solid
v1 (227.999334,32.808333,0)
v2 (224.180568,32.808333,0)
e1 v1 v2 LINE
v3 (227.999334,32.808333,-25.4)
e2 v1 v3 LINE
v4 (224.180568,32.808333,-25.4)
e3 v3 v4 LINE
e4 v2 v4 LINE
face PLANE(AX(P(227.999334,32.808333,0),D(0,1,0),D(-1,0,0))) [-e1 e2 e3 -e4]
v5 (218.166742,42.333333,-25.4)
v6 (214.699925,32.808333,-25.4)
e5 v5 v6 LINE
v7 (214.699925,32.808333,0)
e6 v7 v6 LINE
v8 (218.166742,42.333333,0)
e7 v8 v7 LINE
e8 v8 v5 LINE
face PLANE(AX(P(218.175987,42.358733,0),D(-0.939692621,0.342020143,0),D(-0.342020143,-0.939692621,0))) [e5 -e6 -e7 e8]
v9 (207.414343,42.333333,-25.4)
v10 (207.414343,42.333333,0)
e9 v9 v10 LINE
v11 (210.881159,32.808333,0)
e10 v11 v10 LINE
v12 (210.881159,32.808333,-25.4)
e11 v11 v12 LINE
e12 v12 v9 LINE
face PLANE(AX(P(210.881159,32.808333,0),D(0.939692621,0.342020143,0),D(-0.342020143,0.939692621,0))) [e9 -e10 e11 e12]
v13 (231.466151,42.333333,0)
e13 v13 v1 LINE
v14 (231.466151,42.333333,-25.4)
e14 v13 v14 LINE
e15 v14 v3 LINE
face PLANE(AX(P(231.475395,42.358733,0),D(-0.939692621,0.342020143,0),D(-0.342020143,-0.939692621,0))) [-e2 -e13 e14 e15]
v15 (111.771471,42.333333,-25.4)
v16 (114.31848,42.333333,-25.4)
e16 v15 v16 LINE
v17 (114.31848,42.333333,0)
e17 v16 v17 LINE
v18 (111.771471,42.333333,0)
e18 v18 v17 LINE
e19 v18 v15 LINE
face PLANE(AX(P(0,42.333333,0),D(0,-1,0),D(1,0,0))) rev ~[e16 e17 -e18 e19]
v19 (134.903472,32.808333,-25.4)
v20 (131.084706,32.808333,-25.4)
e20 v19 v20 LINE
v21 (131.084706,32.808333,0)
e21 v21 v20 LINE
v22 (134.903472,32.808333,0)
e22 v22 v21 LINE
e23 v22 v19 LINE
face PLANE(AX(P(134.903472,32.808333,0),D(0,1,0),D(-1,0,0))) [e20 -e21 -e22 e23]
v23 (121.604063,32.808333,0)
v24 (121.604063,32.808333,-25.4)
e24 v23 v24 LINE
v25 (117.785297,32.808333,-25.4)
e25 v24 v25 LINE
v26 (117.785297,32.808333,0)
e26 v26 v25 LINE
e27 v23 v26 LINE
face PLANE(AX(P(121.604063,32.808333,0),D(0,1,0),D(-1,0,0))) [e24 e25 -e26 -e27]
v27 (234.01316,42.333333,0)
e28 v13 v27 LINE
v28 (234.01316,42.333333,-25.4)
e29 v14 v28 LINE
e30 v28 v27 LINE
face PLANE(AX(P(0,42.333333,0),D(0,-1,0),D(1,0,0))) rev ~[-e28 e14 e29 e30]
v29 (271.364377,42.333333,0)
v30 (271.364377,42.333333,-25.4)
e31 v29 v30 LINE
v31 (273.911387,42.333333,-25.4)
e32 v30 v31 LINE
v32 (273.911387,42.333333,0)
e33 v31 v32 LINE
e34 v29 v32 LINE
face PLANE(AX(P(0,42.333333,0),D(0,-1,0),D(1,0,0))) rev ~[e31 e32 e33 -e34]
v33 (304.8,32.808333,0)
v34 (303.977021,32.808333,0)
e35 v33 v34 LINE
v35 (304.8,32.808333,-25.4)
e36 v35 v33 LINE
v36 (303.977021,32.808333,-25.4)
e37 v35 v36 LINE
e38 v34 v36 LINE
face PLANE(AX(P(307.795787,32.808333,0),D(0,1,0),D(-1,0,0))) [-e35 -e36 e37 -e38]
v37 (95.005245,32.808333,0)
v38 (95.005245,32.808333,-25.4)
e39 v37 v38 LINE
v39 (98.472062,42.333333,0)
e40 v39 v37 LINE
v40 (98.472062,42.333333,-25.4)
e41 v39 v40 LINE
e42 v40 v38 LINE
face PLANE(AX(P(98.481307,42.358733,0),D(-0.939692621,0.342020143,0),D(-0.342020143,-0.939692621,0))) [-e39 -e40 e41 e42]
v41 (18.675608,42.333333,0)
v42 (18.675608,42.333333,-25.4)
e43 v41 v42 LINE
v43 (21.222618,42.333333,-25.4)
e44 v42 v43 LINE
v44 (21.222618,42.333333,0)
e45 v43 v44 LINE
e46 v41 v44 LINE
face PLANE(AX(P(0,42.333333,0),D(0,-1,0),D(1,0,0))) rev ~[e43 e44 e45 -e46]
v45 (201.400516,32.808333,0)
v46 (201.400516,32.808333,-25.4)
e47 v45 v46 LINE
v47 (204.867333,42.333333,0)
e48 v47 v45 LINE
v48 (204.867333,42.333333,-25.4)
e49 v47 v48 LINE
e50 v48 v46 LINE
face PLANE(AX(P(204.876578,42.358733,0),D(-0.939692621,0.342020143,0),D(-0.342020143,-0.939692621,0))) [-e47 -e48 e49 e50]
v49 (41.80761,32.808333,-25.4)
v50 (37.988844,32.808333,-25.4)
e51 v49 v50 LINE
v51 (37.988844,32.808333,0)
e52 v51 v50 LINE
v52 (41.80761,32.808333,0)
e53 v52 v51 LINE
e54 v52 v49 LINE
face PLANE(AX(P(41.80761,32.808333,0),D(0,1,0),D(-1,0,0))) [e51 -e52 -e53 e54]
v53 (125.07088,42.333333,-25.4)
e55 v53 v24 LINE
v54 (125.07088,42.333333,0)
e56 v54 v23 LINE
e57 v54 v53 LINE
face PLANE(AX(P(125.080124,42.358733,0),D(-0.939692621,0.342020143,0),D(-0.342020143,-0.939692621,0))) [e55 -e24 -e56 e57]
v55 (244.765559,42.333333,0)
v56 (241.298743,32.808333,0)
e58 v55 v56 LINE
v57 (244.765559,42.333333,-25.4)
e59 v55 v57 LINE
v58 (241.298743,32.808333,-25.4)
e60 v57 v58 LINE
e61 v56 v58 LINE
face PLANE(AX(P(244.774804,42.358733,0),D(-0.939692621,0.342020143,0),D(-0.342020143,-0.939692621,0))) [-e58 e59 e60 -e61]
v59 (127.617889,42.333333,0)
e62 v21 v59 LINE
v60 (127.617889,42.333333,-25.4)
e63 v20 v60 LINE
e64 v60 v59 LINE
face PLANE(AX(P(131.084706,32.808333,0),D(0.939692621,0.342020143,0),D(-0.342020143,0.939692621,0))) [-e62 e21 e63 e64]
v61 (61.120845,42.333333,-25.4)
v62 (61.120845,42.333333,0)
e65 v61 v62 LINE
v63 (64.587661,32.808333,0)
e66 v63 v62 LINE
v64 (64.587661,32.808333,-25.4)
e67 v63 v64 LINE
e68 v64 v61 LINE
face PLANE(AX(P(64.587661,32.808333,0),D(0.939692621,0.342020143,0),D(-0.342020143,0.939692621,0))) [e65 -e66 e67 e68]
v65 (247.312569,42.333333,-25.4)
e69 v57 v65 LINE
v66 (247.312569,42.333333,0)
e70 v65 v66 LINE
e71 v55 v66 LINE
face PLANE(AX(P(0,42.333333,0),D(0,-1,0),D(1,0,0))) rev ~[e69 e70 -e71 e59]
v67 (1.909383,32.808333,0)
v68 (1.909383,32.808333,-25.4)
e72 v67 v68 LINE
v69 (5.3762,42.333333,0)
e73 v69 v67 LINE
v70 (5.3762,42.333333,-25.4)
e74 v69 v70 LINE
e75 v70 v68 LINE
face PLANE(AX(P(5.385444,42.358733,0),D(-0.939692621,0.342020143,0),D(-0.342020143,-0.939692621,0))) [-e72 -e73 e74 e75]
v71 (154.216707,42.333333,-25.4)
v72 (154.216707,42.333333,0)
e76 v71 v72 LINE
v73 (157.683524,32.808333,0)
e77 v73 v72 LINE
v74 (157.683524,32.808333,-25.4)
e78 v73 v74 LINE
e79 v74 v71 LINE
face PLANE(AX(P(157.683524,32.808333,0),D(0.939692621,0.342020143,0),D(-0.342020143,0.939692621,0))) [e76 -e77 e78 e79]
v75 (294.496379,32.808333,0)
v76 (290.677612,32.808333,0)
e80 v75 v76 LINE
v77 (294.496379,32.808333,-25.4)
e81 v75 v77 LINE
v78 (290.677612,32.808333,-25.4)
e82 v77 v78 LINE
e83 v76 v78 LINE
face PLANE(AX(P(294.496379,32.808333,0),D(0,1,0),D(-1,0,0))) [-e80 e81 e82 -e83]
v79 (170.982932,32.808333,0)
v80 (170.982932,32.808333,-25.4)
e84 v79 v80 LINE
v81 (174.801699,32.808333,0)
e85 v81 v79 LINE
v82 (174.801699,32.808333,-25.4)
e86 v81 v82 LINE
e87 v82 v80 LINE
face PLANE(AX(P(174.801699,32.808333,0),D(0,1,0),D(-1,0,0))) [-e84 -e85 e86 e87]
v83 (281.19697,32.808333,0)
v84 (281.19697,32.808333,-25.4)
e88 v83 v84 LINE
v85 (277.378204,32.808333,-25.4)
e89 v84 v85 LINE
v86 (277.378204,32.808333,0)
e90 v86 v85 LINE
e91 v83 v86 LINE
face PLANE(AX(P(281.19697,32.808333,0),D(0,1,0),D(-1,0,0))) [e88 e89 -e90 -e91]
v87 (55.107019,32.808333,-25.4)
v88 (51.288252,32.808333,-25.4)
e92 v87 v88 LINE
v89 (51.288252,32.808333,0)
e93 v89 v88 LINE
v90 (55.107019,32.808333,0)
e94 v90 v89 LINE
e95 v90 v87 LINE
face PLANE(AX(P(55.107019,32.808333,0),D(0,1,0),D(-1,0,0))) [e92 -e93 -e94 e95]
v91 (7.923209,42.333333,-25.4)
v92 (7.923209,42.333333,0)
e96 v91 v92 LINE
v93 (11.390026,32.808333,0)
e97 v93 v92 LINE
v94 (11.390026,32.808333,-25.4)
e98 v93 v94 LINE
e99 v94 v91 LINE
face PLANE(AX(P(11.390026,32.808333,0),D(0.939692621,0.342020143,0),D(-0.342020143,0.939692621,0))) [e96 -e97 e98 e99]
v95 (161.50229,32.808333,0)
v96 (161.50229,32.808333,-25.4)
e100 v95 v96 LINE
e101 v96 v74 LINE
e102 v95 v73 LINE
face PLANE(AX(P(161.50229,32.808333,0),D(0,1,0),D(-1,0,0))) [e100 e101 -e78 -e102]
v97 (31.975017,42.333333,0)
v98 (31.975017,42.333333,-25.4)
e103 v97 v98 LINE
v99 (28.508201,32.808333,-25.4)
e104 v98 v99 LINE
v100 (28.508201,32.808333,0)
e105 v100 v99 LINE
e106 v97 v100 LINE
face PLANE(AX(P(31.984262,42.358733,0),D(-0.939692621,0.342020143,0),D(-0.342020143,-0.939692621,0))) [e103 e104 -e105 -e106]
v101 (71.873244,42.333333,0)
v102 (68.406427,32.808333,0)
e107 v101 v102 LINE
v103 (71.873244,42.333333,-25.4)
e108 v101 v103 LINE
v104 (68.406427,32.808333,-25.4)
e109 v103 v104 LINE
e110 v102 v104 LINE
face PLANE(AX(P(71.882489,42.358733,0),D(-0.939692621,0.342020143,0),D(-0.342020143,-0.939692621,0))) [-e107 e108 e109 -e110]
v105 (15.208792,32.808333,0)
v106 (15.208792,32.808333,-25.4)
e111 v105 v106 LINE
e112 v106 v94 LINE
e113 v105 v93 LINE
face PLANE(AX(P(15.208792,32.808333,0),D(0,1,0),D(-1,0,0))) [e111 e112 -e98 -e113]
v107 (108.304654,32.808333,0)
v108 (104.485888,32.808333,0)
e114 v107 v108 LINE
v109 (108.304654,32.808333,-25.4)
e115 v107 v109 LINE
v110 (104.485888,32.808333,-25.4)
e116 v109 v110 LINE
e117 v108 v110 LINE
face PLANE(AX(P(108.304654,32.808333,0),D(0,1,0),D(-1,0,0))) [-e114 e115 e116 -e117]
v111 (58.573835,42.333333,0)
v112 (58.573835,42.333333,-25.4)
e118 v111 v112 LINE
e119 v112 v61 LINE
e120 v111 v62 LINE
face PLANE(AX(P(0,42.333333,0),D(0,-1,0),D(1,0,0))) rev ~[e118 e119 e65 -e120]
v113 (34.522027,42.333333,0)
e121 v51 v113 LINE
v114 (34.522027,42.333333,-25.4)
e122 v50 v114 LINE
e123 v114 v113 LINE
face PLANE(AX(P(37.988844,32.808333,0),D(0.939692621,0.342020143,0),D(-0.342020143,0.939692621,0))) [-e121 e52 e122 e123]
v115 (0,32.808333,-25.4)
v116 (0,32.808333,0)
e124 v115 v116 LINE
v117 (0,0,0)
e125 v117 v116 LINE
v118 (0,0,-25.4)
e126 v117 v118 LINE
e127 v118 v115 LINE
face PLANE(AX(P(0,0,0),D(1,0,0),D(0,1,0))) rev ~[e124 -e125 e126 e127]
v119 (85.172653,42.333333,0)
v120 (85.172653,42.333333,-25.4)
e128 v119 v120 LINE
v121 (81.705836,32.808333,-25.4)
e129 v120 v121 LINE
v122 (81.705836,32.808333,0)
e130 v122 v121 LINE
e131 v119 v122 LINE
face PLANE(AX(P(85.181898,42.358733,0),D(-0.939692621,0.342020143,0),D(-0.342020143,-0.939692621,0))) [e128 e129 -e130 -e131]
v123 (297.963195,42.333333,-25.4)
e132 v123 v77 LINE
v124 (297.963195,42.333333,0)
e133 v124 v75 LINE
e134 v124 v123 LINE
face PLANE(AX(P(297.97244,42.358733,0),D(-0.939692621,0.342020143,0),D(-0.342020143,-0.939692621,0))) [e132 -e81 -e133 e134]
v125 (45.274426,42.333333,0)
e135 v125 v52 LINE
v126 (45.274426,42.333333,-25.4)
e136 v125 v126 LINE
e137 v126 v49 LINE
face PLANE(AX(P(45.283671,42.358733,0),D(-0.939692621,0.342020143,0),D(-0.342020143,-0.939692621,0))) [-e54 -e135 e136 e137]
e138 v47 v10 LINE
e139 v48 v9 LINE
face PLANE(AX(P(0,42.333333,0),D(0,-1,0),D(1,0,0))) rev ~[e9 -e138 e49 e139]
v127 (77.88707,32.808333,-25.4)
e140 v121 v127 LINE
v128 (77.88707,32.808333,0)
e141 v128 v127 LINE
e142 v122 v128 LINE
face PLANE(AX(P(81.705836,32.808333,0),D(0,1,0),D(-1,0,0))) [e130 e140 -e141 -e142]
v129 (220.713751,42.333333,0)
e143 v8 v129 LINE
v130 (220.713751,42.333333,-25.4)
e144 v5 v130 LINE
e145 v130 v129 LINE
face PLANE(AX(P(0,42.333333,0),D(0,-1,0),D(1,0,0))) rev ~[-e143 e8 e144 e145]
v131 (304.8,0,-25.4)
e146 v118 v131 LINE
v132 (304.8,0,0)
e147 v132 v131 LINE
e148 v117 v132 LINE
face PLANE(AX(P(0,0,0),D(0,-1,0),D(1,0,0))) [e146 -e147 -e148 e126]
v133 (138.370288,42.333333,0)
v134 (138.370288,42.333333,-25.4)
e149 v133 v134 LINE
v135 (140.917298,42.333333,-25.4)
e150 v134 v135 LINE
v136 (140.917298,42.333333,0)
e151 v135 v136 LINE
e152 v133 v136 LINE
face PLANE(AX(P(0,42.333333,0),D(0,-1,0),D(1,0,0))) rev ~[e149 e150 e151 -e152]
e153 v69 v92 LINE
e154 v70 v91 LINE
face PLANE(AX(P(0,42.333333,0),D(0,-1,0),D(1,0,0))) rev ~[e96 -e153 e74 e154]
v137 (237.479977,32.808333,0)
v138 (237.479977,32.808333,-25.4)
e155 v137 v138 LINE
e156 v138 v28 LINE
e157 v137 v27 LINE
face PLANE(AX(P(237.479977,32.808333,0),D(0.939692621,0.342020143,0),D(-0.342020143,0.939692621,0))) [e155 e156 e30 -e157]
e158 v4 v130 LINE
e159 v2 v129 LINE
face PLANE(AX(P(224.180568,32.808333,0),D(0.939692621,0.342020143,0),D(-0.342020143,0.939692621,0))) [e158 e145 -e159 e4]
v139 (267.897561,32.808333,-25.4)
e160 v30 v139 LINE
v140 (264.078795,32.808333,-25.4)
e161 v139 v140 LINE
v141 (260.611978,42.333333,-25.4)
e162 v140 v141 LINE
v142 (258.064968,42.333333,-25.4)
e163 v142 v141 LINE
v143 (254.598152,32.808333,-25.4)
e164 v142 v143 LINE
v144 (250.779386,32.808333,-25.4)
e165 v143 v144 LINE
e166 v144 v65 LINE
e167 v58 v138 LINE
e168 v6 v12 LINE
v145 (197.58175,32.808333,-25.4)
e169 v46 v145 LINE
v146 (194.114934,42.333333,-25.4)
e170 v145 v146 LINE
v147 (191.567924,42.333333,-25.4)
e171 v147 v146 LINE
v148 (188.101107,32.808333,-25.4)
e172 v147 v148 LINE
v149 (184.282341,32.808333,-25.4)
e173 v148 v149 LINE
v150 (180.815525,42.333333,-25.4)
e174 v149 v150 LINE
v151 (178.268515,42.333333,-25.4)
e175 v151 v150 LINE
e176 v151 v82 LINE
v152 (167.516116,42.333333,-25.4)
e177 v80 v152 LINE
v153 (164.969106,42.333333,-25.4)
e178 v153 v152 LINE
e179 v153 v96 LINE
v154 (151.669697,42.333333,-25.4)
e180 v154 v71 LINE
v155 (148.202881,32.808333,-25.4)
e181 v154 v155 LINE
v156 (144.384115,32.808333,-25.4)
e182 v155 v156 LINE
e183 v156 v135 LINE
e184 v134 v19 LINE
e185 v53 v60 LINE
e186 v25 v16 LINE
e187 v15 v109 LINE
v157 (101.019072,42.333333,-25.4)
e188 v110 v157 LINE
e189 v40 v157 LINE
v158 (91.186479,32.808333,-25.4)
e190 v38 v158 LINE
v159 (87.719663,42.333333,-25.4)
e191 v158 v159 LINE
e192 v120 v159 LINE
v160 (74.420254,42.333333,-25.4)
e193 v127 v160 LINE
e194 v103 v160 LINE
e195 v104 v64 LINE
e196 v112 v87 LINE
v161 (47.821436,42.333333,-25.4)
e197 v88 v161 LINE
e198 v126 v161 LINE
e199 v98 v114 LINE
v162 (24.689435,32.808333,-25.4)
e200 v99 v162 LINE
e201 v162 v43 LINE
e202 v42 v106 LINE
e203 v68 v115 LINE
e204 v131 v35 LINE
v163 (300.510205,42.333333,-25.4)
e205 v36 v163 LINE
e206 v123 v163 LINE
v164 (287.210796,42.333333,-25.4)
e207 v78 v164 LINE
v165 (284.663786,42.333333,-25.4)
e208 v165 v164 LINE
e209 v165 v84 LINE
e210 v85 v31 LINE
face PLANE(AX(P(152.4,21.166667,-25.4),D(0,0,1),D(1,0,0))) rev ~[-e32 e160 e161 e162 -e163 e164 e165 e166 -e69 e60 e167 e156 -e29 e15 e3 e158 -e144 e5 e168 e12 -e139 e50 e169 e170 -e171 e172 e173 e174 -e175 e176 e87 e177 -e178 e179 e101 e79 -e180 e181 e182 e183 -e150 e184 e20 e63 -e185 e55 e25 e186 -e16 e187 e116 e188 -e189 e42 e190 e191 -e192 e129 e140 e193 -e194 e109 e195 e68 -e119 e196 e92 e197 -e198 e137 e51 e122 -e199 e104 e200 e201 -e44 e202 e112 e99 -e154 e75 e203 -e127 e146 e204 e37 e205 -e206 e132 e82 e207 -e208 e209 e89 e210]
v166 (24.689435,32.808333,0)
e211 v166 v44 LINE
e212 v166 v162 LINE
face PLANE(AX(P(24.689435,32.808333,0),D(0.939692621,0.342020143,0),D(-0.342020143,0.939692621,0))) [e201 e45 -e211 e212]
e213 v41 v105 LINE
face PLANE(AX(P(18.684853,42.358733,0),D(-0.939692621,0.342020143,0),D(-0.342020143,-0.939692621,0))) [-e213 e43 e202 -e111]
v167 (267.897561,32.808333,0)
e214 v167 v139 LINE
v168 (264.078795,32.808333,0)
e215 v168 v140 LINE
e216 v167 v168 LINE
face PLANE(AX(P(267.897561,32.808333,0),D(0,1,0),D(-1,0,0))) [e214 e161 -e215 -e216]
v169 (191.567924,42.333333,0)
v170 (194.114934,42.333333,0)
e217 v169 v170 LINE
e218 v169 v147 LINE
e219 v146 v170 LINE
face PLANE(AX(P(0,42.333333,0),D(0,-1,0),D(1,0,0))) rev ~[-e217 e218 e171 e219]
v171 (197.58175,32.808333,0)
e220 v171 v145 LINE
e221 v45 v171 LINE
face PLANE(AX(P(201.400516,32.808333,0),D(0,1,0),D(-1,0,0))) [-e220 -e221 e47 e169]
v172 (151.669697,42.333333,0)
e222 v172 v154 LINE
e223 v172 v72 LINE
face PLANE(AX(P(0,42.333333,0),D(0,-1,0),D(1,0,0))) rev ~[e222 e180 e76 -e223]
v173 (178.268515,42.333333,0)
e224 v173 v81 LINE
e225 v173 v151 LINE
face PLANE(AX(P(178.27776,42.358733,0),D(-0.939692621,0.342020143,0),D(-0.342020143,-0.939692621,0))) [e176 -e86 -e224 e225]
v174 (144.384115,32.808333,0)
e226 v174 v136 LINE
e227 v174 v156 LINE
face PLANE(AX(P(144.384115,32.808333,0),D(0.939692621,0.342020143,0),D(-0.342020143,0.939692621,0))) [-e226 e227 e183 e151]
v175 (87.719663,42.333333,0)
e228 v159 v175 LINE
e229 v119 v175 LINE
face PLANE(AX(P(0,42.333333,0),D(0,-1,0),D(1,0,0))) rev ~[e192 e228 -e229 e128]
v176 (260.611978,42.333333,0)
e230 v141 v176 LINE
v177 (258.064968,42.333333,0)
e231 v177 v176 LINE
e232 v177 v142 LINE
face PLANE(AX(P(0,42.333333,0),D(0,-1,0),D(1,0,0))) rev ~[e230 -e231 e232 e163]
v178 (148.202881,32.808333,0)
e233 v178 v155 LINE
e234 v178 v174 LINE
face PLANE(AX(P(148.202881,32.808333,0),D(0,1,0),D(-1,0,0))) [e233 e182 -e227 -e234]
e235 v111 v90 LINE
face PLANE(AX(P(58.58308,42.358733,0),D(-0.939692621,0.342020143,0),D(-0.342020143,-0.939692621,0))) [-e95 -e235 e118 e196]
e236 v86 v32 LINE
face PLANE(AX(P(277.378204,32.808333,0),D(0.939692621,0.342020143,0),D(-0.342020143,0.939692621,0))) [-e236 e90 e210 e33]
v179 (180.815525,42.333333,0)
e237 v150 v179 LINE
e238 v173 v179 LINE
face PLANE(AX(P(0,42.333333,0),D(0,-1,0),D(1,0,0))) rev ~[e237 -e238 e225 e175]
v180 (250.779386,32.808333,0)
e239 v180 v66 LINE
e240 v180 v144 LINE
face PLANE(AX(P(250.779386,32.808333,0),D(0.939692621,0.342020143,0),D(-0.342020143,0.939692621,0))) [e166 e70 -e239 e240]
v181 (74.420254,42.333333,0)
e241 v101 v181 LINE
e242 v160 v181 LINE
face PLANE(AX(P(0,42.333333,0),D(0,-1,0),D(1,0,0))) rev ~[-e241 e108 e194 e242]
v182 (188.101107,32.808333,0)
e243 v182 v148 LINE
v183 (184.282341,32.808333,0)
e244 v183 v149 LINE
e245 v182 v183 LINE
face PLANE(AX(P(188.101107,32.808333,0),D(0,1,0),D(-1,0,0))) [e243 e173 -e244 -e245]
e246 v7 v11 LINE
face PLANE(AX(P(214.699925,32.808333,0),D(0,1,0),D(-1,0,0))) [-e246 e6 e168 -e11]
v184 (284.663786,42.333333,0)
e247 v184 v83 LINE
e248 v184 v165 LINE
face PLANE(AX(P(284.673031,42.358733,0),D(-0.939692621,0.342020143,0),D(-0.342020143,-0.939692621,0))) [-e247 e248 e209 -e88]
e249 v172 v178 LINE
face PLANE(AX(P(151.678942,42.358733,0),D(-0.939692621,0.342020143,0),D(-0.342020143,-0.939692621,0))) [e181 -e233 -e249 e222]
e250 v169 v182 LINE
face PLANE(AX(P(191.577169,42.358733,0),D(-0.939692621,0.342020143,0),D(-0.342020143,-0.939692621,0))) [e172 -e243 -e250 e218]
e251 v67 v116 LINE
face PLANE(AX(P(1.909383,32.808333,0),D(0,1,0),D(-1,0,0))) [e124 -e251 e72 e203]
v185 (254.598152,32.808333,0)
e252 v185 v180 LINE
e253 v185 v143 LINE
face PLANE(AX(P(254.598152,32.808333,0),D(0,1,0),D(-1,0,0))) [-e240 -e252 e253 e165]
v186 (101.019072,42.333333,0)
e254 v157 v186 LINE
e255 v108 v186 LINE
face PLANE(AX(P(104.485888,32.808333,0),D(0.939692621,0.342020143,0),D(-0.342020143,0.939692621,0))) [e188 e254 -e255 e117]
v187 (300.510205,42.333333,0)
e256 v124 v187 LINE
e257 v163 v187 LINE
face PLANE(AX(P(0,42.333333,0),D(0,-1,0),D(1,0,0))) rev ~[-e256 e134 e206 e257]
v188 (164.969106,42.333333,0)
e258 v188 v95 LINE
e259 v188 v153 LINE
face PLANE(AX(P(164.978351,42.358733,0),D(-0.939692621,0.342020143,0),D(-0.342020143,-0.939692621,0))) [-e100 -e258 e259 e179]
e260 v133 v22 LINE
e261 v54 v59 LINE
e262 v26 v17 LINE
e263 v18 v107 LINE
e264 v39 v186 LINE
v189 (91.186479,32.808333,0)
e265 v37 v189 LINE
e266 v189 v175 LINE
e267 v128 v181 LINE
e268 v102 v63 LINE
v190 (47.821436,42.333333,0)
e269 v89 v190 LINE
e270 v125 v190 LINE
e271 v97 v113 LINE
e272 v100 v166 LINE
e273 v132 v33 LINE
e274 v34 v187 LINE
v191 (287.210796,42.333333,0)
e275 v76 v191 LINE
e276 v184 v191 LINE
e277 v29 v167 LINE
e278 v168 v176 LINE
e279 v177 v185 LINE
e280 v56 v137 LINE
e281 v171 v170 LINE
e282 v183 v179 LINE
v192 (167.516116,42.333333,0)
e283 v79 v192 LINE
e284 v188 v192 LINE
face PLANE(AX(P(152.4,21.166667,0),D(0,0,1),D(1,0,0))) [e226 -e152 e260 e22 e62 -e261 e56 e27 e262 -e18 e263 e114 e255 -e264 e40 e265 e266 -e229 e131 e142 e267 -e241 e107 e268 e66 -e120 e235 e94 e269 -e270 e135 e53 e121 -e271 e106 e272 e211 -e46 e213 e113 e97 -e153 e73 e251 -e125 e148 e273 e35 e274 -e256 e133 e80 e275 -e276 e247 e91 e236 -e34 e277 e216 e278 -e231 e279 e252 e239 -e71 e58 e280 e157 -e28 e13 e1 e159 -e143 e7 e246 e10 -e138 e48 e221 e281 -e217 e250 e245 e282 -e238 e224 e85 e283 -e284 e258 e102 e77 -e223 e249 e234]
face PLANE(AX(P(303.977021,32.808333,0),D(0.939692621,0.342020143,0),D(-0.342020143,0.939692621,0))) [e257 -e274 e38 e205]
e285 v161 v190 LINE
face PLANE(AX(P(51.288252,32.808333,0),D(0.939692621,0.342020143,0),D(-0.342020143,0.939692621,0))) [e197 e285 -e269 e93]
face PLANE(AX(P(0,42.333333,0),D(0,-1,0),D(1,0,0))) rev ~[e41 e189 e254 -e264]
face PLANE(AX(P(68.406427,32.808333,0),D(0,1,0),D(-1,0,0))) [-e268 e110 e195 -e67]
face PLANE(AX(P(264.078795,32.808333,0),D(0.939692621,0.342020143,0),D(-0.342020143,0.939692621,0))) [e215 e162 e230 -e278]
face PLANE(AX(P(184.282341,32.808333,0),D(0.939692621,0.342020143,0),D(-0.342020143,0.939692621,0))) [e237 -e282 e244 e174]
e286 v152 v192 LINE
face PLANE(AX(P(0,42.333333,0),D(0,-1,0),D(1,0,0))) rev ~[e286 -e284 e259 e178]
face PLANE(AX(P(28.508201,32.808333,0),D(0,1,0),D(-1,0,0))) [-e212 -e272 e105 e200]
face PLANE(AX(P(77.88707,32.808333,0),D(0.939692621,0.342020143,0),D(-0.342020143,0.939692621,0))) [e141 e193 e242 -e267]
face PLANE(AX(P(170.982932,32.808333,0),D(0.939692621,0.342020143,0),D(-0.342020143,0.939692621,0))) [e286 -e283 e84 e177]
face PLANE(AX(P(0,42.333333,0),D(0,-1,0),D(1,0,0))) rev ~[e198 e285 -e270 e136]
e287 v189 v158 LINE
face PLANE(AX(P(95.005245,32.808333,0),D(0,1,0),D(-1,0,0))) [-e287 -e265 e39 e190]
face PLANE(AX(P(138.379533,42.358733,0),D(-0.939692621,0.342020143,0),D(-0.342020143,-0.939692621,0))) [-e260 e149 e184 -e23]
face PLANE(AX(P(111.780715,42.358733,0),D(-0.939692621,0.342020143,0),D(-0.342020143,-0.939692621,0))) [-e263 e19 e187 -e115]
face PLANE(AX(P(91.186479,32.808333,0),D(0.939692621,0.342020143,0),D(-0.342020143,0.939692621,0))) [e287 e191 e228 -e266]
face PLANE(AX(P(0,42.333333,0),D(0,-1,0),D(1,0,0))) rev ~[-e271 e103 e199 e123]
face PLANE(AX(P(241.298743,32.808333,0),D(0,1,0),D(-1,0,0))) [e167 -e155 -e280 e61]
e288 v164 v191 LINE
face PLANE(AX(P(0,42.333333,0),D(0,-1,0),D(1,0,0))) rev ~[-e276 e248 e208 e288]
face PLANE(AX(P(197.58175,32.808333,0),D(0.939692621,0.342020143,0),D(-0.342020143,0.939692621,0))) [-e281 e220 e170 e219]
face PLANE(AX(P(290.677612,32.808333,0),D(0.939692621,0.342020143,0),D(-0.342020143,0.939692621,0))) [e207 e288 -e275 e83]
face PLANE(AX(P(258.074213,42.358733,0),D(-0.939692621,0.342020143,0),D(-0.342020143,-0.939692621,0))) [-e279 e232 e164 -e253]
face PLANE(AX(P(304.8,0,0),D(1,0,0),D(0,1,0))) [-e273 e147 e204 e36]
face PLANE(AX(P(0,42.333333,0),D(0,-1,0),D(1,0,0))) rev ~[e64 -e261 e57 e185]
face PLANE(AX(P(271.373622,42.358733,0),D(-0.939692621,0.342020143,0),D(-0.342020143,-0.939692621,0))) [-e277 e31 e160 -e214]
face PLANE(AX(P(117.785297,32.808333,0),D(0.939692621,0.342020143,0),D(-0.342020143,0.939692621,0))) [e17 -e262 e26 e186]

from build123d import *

# Parameters (mm, degrees)
BLANKSKE_W        = 304.8
BLANKSKE_H        = 42.333333333
BLANK_DEPTH       = 25.4
TOOTHCUTSIM_DEPTH = 309.772264155
TEETHCUTS_COUNT   = 24
TEETHCUTS_PITCH   = 13.299408885


with BuildPart() as part:
    # BlankSke → Blank (new body)
    with BuildSketch(Plane.XY):
        with Locations((152.4, 21.166666667)):
            Rectangle(BLANKSKE_W, BLANKSKE_H)
    extrude(amount=-BLANK_DEPTH)

    # TooCutSkeSim → ToothCutSim (cut, through all)
    with BuildSketch(Plane.XY):
        Polygon((1.909383065, 32.808333333), (-1.909383065, 32.808333333), (-5.38544439, 42.358733333), (5.38544439, 42.358733333), align=None)
    toothcutsim = extrude(amount=-TOOTHCUTSIM_DEPTH, mode=Mode.SUBTRACT)

    # TeethCuts: ToothCutSim ×24
    with Locations(*[(i * TEETHCUTS_PITCH, 0, 0) for i in range(1, TEETHCUTS_COUNT)]):
        add(toothcutsim, mode=Mode.SUBTRACT)


solid = part.part
